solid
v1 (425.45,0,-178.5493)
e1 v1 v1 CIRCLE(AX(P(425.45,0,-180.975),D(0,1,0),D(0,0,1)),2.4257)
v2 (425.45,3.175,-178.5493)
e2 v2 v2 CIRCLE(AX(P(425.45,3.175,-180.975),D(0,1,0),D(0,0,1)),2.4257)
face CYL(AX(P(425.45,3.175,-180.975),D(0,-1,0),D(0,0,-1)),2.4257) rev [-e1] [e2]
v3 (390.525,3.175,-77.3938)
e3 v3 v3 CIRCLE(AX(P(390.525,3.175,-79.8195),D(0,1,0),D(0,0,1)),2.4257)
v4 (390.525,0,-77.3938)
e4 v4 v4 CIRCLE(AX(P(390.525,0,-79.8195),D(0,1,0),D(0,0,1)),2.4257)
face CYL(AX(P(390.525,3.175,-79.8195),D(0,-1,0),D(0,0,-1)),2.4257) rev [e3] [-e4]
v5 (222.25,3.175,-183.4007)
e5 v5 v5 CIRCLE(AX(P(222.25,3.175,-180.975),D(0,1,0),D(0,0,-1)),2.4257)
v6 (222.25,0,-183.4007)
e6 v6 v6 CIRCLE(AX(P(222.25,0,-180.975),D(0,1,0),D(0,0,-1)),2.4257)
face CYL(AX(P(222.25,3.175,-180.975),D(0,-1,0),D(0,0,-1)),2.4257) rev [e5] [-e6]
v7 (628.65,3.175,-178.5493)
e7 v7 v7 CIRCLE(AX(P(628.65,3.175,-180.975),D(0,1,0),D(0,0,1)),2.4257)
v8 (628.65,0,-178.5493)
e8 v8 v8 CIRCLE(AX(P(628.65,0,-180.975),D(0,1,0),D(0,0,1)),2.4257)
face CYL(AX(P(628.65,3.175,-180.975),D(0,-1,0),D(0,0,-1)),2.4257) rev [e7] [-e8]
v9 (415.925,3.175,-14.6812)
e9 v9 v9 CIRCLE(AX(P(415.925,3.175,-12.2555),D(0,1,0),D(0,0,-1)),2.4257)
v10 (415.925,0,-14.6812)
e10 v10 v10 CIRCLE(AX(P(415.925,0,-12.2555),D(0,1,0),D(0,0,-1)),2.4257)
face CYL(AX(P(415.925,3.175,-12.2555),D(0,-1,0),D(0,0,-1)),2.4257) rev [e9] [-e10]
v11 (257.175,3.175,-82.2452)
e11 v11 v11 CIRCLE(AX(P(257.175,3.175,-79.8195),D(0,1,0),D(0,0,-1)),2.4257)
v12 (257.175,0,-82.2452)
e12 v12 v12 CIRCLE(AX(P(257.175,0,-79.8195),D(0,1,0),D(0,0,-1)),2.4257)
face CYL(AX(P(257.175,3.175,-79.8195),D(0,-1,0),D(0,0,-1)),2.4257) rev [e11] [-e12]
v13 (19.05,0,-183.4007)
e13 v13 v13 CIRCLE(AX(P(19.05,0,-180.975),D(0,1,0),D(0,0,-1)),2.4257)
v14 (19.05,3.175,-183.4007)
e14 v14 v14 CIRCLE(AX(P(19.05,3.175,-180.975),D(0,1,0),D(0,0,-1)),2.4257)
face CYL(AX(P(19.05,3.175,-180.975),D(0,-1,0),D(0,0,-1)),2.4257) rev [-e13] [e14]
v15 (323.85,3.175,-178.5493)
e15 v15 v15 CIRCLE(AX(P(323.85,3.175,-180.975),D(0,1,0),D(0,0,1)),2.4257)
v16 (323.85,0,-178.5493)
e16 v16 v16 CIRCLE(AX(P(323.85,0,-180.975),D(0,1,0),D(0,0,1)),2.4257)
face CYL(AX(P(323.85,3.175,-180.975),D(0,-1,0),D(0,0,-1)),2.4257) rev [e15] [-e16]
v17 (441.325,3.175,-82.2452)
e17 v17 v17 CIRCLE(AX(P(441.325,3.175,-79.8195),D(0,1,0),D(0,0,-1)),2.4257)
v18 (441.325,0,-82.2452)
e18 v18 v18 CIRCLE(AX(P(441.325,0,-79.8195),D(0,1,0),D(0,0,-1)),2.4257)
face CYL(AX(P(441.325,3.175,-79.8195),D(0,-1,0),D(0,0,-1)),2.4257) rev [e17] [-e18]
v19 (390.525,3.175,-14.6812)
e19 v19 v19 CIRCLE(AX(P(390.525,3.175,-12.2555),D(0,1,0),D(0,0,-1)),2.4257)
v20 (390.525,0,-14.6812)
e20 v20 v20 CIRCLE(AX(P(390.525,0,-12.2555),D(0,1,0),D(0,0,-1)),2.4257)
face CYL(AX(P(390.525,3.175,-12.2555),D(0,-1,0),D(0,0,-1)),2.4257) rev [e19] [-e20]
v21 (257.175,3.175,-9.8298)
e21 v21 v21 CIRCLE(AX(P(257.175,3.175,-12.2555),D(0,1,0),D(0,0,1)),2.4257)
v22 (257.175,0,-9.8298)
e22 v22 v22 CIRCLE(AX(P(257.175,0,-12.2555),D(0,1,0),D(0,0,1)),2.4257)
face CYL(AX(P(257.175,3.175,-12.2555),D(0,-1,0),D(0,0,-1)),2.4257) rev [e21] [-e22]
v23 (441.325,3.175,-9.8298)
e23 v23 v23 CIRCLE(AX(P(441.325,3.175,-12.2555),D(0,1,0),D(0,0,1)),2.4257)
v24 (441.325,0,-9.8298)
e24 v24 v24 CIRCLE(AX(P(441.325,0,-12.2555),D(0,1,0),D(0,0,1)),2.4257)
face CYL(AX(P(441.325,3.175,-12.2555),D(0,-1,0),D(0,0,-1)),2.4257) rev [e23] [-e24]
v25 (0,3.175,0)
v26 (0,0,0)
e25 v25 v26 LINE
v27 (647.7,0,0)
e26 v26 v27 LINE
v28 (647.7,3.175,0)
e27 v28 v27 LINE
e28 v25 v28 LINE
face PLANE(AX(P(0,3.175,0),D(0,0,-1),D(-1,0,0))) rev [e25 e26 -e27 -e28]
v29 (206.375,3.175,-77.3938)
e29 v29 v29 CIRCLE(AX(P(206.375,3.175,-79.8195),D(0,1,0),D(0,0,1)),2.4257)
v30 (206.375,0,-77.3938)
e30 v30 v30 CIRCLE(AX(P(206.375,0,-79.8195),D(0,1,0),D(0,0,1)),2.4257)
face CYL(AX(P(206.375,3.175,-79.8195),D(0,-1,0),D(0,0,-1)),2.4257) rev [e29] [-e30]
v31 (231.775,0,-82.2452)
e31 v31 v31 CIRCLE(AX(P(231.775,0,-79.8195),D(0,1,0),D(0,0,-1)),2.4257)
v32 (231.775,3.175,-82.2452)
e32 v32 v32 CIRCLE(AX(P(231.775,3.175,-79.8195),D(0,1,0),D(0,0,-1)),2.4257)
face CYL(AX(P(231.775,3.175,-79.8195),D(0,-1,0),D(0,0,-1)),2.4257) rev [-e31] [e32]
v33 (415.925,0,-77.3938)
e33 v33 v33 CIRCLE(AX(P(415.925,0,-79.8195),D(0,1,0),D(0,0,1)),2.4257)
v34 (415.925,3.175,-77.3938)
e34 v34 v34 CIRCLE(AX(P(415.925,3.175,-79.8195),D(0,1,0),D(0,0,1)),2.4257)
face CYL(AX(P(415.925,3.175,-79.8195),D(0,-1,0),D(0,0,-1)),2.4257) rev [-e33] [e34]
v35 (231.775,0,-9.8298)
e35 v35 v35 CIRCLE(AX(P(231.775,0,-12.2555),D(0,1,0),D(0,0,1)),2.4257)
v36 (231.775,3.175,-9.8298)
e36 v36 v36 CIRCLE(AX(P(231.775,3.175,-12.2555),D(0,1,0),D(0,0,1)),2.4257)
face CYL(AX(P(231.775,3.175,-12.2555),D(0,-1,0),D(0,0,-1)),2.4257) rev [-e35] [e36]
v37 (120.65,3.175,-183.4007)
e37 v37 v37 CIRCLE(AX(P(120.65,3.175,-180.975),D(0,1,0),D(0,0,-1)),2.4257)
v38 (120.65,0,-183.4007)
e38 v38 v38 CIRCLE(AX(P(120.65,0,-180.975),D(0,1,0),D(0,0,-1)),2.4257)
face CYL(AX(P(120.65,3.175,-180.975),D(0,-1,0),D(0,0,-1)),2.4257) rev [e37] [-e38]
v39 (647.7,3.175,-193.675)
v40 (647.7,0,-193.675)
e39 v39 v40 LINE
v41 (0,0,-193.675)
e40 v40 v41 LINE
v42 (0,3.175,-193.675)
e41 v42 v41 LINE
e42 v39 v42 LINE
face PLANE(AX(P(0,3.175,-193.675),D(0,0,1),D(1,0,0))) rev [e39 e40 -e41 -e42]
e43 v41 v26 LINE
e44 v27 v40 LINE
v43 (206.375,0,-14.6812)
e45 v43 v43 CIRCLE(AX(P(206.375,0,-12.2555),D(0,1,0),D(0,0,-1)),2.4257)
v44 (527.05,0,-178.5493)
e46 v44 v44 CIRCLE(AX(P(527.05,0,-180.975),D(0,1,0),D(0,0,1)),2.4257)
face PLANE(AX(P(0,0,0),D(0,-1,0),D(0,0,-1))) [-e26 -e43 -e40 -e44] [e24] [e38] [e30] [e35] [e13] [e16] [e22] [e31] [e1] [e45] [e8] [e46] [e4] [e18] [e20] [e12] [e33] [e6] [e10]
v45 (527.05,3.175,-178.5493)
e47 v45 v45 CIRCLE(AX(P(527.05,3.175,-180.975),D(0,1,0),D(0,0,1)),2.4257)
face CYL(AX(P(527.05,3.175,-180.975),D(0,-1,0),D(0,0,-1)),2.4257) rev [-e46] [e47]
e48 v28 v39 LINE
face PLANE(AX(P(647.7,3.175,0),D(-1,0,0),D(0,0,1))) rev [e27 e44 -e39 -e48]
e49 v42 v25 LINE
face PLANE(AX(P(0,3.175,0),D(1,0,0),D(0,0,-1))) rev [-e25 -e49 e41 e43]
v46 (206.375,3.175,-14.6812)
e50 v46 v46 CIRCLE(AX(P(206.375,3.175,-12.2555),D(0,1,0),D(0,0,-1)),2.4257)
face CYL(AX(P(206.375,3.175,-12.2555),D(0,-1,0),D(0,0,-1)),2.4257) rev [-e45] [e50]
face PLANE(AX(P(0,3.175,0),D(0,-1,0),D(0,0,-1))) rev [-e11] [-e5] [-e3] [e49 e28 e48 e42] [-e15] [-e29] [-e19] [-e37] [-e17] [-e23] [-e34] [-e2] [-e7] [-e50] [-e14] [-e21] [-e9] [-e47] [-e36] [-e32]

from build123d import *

# Parameters (mm, degrees)
SKETCH1_W           = 647.7
SKETCH1_H           = 193.675
SKETCH1_R           = 2.4257
BOSS_EXTRUDE1_DEPTH = 3.175


with BuildPart() as part:
    # Sketch1 → Boss-Extrude1 (new body)
    with BuildSketch(Plane(origin=(0, 0, 0), x_dir=(1, 0, 0), z_dir=(0, 1, 0))):
        with Locations((323.85, 96.8375)):
            Rectangle(SKETCH1_W, SKETCH1_H)
        with Locations(Location((231.775, 12.2555, 0), (0, 0, 270))):
            Circle(SKETCH1_R, mode=Mode.SUBTRACT)
        with Locations(Location((257.175, 12.2555, 0), (0, 0, 270))):
            Circle(SKETCH1_R, mode=Mode.SUBTRACT)
        with Locations(Location((206.375, 12.2555, 0), (0, 0, 90))):
            Circle(SKETCH1_R, mode=Mode.SUBTRACT)
        with Locations(Location((257.175, 79.8195, 0), (0, 0, 90))):
            Circle(SKETCH1_R, mode=Mode.SUBTRACT)
        with Locations(Location((231.775, 79.8195, 0), (0, 0, 90))):
            Circle(SKETCH1_R, mode=Mode.SUBTRACT)
        with Locations(Location((206.375, 79.8195, 0), (0, 0, 270))):
            Circle(SKETCH1_R, mode=Mode.SUBTRACT)
        with Locations(Location((323.85, 180.975, 0), (0, 0, 270))):
            Circle(SKETCH1_R, mode=Mode.SUBTRACT)
        with Locations(Location((425.45, 180.975, 0), (0, 0, 270))):
            Circle(SKETCH1_R, mode=Mode.SUBTRACT)
        with Locations(Location((527.05, 180.975, 0), (0, 0, 270))):
            Circle(SKETCH1_R, mode=Mode.SUBTRACT)
        with Locations(Location((120.65, 180.975, 0), (0, 0, 90))):
            Circle(SKETCH1_R, mode=Mode.SUBTRACT)
        with Locations(Location((222.25, 180.975, 0), (0, 0, 90))):
            Circle(SKETCH1_R, mode=Mode.SUBTRACT)
        with Locations(Location((628.65, 180.975, 0), (0, 0, 270))):
            Circle(SKETCH1_R, mode=Mode.SUBTRACT)
        with Locations(Location((19.05, 180.975, 0), (0, 0, 90))):
            Circle(SKETCH1_R, mode=Mode.SUBTRACT)
        with Locations(Location((441.325, 79.8195, 0), (0, 0, 90))):
            Circle(SKETCH1_R, mode=Mode.SUBTRACT)
        with Locations(Location((415.925, 79.8195, 0), (0, 0, 270))):
            Circle(SKETCH1_R, mode=Mode.SUBTRACT)
        with Locations(Location((390.525, 79.8195, 0), (0, 0, 270))):
            Circle(SKETCH1_R, mode=Mode.SUBTRACT)
        with Locations(Location((441.325, 12.2555, 0), (0, 0, 270))):
            Circle(SKETCH1_R, mode=Mode.SUBTRACT)
        with Locations(Location((390.525, 12.2555, 0), (0, 0, 90))):
            Circle(SKETCH1_R, mode=Mode.SUBTRACT)
        with Locations(Location((415.925, 12.2555, 0), (0, 0, 90))):
            Circle(SKETCH1_R, mode=Mode.SUBTRACT)
    extrude(amount=BOSS_EXTRUDE1_DEPTH)


solid = part.part
